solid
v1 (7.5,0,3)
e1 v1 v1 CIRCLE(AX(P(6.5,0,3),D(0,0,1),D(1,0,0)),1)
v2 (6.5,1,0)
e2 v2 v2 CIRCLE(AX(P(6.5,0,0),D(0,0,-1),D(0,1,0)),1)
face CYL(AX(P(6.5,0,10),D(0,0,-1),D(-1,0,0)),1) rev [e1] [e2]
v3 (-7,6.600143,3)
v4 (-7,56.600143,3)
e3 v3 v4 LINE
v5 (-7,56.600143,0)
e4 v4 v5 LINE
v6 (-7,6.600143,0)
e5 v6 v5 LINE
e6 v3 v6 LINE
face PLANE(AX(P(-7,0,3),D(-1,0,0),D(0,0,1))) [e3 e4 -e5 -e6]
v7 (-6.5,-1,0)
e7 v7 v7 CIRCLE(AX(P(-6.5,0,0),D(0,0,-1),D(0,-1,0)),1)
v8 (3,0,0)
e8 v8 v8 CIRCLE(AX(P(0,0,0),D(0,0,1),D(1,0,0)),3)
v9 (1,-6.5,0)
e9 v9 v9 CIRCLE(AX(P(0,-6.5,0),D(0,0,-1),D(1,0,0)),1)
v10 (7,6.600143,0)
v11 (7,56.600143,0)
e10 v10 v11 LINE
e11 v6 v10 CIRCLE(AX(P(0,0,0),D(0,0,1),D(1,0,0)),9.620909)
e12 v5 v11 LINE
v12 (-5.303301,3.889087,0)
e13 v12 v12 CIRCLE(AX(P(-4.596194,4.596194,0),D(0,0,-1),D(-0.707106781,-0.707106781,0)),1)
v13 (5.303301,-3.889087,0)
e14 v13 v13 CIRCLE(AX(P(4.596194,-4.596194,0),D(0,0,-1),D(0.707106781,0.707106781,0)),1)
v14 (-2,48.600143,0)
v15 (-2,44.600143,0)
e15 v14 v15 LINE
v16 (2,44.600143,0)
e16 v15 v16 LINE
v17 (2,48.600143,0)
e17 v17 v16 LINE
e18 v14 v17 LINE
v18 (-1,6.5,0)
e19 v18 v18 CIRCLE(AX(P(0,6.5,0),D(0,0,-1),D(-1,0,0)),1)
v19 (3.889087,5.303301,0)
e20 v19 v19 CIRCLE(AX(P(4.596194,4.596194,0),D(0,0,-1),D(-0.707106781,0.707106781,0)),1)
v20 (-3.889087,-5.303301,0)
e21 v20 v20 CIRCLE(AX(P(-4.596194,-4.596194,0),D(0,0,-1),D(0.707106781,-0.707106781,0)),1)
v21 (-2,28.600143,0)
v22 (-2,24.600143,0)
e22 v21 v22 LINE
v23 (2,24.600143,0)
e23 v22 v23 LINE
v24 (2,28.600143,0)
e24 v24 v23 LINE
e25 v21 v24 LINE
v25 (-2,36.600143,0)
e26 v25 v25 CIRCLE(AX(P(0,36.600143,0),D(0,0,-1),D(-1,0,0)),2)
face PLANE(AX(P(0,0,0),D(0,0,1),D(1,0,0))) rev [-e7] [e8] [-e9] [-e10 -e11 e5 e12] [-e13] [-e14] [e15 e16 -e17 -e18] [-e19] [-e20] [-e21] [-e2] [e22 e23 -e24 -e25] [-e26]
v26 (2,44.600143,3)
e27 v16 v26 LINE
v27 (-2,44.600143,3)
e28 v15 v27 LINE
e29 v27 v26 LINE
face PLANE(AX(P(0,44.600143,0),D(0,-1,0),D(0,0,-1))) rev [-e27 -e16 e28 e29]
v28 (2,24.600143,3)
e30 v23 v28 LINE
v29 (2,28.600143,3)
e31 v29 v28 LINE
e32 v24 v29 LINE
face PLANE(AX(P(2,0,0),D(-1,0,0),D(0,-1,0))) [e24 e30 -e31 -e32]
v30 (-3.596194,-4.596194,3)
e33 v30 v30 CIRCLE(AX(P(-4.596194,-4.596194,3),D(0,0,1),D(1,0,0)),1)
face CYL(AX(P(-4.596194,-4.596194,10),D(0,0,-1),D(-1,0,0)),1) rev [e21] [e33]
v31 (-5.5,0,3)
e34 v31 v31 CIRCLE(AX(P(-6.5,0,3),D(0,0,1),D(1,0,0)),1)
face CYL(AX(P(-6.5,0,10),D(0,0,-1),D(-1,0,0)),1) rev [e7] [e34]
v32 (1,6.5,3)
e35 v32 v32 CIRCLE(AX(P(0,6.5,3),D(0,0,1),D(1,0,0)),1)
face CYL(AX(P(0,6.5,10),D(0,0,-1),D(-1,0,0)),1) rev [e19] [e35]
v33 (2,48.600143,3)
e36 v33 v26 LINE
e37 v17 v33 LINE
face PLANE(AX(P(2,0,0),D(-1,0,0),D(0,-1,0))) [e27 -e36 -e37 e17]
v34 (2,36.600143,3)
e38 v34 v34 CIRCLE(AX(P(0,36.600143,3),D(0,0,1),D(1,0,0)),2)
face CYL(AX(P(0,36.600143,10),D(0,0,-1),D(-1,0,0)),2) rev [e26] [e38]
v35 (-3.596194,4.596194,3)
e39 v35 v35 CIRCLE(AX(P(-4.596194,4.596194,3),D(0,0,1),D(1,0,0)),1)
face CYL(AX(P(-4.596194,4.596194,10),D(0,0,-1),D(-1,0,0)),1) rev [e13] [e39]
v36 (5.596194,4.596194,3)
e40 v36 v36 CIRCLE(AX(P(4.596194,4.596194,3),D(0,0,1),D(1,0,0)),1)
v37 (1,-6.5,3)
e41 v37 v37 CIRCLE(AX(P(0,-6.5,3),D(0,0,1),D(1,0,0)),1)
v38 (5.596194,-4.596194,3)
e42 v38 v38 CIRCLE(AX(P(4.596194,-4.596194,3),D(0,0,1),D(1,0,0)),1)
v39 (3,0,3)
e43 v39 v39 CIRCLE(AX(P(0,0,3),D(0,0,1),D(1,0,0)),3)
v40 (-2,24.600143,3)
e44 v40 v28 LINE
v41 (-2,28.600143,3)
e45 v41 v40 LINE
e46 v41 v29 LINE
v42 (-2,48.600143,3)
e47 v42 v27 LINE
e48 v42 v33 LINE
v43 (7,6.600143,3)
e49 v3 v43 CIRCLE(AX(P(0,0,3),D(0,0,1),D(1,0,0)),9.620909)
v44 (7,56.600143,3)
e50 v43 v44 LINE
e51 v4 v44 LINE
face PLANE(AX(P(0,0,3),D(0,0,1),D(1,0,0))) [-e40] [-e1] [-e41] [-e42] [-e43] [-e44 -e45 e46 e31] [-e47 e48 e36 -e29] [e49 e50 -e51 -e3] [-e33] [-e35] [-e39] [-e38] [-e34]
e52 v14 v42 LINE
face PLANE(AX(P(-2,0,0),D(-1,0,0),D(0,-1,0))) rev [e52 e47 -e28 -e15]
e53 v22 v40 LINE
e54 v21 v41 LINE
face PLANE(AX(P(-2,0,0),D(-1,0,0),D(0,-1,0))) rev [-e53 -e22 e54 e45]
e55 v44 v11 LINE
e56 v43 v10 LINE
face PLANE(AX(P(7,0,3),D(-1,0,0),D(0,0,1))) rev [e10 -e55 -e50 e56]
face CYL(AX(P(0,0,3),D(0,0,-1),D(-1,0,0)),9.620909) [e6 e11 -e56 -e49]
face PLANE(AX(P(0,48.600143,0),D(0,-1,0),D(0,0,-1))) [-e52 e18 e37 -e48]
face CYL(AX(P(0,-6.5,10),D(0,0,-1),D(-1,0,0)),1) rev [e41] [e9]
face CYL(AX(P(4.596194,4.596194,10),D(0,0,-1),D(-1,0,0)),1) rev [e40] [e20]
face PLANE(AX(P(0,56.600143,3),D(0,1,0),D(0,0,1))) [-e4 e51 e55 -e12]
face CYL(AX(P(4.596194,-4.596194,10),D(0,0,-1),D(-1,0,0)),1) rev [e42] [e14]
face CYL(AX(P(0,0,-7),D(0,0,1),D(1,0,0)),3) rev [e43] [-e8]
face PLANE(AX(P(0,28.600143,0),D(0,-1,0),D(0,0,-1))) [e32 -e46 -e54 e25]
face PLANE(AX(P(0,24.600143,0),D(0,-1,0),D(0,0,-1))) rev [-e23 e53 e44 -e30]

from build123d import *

# Parameters (mm, degrees)
SKETCH_1_W               = 14
SKETCH_1_H               = 13.200286042
EXTRUDE_1_DEPTH          = 3
SKETCH_3_OUTSIDE_W       = 35.048
SKETCH_3_OUTSIDE_H       = 82.027
CUT_EXTRUDE_2_DEPTH      = 3
SKETCH_4_R               = 3
CUT_EXTRUDE_3_DEPTH      = 10
SKETCH_5_R               = 1
CUT_EXTRUDE_4_DEPTH      = 10
SKETCH_6_W               = 4
SKETCH_6_H               = 4
EXTRUDE_3_DEPTH          = 3
CUT_EXTRUDE_5_DEPTH      = 10
PATTERN_CIRCULAR_1_COUNT = 8


with BuildPart() as part:
    # 草图1 → 凸台-拉伸1 (new body)
    with BuildSketch(Plane.XY):
        Rectangle(SKETCH_1_W, SKETCH_1_H)
        with BuildLine():
            ThreePointArc((-7, 6.600143021), (-9.620908892, 0), (-7, -6.600143021))
            Line((-7, -6.600143021), (-7, 6.600143021))
        make_face()
        with BuildLine():
            Line((7, -6.600143021), (-7, -6.600143021))
            ThreePointArc((-7, -6.600143021), (0, -9.620908892), (7, -6.600143021))
        make_face()
        with BuildLine():
            Line((7, 6.600143021), (7, -6.600143021))
            ThreePointArc((7, -6.600143021), (8.941707056, -3.550741166), (9.620908892, 0))
            ThreePointArc((9.620908892, 0), (8.941707056, 3.550741166), (7, 6.600143021))
        make_face()
        with BuildLine():
            ThreePointArc((7, 6.600143021), (0, 9.620908892), (-7, 6.600143021))
            Line((-7, 6.600143021), (7, 6.600143021))
        make_face()
        with BuildLine():
            Line((-7, 56.600143021), (-7, 6.600143021))
            ThreePointArc((-7, 6.600143021), (0, 9.620908892), (7, 6.600143021))
            Line((7, 6.600143021), (7, 56.600143021))
            Line((7, 56.600143021), (-7, 56.600143021))
        make_face()
    extrude(amount=EXTRUDE_1_DEPTH)

    # 草图3 outside → 切除-拉伸2 (cut)
    with BuildSketch(Plane.XY.offset(3)):
        with Locations((0, 23.4895)):
            Rectangle(SKETCH_3_OUTSIDE_W, SKETCH_3_OUTSIDE_H)
        with BuildLine():
            Line((7, 56.600143021), (0, 56.600143021))
            Line((0, 56.600143021), (-7, 56.600143021))
            Line((-7, 56.600143021), (-7, 6.600143021))
            ThreePointArc((-7, 6.600143021), (0, -9.620908892), (7, 6.600143021))
            Line((7, 6.600143021), (7, 56.600143021))
        make_face(mode=Mode.SUBTRACT)
        Polygon((-2, 28.600143021), (0, 28.600143021), (2, 28.600143021), (2, 24.600143021), (-2, 24.600143021), align=None)
        Polygon((-2, 38.600143021), (0, 38.600143021), (2, 38.600143021), (2, 34.600143021), (0, 34.600143021), (-2, 34.600143021), align=None)
        Polygon((-2, 48.600143021), (0, 48.600143021), (2, 48.600143021), (2, 44.600143021), (0, 44.600143021), (-2, 44.600143021), align=None)
    extrude(amount=-CUT_EXTRUDE_2_DEPTH, mode=Mode.SUBTRACT)

    # 草图4 → 切除-拉伸3 (cut)
    with BuildSketch(Plane.XY.offset(3)):
        Circle(SKETCH_4_R)
    extrude(amount=-CUT_EXTRUDE_3_DEPTH, mode=Mode.SUBTRACT)

    # 草图5 → 切除-拉伸4 (cut)
    with BuildSketch(Plane(origin=(0, 0, 0), x_dir=(-1, 0, 0), z_dir=(0, 0, -1))):
        with Locations((0, 6.5)):
            Circle(SKETCH_5_R)
    cut_extrude_4 = extrude(amount=-CUT_EXTRUDE_4_DEPTH, mode=Mode.SUBTRACT)

    # 草图6 → 凸台-拉伸3 (add)
    with BuildSketch(Plane(origin=(0, 0, 0), x_dir=(-1, 0, 0), z_dir=(0, 0, -1))):
        with Locations((0, 36.600143021)):
            Rectangle(SKETCH_6_W, SKETCH_6_H)
    extrude(amount=-EXTRUDE_3_DEPTH)

    # 草图7 → 切除-拉伸5 (cut)
    with BuildSketch(Plane(origin=(0, 0, 0), x_dir=(-1, 0, 0), z_dir=(0, 0, -1))):
        with BuildLine():
            ThreePointArc((0, 38.600143021), (-2, 36.600143021), (0, 34.600143021))
            Line((0, 34.600143021), (0, 38.600143021))
        make_face()
        with BuildLine():
            Line((0, 38.600143021), (0, 34.600143021))
            ThreePointArc((0, 34.600143021), (1.414213562, 35.185929459), (2, 36.600143021))
            ThreePointArc((2, 36.600143021), (1.414213562, 38.014356584), (0, 38.600143021))
        make_face()
    extrude(amount=-CUT_EXTRUDE_5_DEPTH, mode=Mode.SUBTRACT)

    # 阵列(圆周)1: 切除-拉伸4 ×8 about axis
    pattern_circular_1_axis = Axis((0, 0, 0), (0, 0, 1))
    for i in range(1, PATTERN_CIRCULAR_1_COUNT):
        add(cut_extrude_4.rotate(pattern_circular_1_axis, i * 360 / PATTERN_CIRCULAR_1_COUNT), mode=Mode.SUBTRACT)


solid = part.part
